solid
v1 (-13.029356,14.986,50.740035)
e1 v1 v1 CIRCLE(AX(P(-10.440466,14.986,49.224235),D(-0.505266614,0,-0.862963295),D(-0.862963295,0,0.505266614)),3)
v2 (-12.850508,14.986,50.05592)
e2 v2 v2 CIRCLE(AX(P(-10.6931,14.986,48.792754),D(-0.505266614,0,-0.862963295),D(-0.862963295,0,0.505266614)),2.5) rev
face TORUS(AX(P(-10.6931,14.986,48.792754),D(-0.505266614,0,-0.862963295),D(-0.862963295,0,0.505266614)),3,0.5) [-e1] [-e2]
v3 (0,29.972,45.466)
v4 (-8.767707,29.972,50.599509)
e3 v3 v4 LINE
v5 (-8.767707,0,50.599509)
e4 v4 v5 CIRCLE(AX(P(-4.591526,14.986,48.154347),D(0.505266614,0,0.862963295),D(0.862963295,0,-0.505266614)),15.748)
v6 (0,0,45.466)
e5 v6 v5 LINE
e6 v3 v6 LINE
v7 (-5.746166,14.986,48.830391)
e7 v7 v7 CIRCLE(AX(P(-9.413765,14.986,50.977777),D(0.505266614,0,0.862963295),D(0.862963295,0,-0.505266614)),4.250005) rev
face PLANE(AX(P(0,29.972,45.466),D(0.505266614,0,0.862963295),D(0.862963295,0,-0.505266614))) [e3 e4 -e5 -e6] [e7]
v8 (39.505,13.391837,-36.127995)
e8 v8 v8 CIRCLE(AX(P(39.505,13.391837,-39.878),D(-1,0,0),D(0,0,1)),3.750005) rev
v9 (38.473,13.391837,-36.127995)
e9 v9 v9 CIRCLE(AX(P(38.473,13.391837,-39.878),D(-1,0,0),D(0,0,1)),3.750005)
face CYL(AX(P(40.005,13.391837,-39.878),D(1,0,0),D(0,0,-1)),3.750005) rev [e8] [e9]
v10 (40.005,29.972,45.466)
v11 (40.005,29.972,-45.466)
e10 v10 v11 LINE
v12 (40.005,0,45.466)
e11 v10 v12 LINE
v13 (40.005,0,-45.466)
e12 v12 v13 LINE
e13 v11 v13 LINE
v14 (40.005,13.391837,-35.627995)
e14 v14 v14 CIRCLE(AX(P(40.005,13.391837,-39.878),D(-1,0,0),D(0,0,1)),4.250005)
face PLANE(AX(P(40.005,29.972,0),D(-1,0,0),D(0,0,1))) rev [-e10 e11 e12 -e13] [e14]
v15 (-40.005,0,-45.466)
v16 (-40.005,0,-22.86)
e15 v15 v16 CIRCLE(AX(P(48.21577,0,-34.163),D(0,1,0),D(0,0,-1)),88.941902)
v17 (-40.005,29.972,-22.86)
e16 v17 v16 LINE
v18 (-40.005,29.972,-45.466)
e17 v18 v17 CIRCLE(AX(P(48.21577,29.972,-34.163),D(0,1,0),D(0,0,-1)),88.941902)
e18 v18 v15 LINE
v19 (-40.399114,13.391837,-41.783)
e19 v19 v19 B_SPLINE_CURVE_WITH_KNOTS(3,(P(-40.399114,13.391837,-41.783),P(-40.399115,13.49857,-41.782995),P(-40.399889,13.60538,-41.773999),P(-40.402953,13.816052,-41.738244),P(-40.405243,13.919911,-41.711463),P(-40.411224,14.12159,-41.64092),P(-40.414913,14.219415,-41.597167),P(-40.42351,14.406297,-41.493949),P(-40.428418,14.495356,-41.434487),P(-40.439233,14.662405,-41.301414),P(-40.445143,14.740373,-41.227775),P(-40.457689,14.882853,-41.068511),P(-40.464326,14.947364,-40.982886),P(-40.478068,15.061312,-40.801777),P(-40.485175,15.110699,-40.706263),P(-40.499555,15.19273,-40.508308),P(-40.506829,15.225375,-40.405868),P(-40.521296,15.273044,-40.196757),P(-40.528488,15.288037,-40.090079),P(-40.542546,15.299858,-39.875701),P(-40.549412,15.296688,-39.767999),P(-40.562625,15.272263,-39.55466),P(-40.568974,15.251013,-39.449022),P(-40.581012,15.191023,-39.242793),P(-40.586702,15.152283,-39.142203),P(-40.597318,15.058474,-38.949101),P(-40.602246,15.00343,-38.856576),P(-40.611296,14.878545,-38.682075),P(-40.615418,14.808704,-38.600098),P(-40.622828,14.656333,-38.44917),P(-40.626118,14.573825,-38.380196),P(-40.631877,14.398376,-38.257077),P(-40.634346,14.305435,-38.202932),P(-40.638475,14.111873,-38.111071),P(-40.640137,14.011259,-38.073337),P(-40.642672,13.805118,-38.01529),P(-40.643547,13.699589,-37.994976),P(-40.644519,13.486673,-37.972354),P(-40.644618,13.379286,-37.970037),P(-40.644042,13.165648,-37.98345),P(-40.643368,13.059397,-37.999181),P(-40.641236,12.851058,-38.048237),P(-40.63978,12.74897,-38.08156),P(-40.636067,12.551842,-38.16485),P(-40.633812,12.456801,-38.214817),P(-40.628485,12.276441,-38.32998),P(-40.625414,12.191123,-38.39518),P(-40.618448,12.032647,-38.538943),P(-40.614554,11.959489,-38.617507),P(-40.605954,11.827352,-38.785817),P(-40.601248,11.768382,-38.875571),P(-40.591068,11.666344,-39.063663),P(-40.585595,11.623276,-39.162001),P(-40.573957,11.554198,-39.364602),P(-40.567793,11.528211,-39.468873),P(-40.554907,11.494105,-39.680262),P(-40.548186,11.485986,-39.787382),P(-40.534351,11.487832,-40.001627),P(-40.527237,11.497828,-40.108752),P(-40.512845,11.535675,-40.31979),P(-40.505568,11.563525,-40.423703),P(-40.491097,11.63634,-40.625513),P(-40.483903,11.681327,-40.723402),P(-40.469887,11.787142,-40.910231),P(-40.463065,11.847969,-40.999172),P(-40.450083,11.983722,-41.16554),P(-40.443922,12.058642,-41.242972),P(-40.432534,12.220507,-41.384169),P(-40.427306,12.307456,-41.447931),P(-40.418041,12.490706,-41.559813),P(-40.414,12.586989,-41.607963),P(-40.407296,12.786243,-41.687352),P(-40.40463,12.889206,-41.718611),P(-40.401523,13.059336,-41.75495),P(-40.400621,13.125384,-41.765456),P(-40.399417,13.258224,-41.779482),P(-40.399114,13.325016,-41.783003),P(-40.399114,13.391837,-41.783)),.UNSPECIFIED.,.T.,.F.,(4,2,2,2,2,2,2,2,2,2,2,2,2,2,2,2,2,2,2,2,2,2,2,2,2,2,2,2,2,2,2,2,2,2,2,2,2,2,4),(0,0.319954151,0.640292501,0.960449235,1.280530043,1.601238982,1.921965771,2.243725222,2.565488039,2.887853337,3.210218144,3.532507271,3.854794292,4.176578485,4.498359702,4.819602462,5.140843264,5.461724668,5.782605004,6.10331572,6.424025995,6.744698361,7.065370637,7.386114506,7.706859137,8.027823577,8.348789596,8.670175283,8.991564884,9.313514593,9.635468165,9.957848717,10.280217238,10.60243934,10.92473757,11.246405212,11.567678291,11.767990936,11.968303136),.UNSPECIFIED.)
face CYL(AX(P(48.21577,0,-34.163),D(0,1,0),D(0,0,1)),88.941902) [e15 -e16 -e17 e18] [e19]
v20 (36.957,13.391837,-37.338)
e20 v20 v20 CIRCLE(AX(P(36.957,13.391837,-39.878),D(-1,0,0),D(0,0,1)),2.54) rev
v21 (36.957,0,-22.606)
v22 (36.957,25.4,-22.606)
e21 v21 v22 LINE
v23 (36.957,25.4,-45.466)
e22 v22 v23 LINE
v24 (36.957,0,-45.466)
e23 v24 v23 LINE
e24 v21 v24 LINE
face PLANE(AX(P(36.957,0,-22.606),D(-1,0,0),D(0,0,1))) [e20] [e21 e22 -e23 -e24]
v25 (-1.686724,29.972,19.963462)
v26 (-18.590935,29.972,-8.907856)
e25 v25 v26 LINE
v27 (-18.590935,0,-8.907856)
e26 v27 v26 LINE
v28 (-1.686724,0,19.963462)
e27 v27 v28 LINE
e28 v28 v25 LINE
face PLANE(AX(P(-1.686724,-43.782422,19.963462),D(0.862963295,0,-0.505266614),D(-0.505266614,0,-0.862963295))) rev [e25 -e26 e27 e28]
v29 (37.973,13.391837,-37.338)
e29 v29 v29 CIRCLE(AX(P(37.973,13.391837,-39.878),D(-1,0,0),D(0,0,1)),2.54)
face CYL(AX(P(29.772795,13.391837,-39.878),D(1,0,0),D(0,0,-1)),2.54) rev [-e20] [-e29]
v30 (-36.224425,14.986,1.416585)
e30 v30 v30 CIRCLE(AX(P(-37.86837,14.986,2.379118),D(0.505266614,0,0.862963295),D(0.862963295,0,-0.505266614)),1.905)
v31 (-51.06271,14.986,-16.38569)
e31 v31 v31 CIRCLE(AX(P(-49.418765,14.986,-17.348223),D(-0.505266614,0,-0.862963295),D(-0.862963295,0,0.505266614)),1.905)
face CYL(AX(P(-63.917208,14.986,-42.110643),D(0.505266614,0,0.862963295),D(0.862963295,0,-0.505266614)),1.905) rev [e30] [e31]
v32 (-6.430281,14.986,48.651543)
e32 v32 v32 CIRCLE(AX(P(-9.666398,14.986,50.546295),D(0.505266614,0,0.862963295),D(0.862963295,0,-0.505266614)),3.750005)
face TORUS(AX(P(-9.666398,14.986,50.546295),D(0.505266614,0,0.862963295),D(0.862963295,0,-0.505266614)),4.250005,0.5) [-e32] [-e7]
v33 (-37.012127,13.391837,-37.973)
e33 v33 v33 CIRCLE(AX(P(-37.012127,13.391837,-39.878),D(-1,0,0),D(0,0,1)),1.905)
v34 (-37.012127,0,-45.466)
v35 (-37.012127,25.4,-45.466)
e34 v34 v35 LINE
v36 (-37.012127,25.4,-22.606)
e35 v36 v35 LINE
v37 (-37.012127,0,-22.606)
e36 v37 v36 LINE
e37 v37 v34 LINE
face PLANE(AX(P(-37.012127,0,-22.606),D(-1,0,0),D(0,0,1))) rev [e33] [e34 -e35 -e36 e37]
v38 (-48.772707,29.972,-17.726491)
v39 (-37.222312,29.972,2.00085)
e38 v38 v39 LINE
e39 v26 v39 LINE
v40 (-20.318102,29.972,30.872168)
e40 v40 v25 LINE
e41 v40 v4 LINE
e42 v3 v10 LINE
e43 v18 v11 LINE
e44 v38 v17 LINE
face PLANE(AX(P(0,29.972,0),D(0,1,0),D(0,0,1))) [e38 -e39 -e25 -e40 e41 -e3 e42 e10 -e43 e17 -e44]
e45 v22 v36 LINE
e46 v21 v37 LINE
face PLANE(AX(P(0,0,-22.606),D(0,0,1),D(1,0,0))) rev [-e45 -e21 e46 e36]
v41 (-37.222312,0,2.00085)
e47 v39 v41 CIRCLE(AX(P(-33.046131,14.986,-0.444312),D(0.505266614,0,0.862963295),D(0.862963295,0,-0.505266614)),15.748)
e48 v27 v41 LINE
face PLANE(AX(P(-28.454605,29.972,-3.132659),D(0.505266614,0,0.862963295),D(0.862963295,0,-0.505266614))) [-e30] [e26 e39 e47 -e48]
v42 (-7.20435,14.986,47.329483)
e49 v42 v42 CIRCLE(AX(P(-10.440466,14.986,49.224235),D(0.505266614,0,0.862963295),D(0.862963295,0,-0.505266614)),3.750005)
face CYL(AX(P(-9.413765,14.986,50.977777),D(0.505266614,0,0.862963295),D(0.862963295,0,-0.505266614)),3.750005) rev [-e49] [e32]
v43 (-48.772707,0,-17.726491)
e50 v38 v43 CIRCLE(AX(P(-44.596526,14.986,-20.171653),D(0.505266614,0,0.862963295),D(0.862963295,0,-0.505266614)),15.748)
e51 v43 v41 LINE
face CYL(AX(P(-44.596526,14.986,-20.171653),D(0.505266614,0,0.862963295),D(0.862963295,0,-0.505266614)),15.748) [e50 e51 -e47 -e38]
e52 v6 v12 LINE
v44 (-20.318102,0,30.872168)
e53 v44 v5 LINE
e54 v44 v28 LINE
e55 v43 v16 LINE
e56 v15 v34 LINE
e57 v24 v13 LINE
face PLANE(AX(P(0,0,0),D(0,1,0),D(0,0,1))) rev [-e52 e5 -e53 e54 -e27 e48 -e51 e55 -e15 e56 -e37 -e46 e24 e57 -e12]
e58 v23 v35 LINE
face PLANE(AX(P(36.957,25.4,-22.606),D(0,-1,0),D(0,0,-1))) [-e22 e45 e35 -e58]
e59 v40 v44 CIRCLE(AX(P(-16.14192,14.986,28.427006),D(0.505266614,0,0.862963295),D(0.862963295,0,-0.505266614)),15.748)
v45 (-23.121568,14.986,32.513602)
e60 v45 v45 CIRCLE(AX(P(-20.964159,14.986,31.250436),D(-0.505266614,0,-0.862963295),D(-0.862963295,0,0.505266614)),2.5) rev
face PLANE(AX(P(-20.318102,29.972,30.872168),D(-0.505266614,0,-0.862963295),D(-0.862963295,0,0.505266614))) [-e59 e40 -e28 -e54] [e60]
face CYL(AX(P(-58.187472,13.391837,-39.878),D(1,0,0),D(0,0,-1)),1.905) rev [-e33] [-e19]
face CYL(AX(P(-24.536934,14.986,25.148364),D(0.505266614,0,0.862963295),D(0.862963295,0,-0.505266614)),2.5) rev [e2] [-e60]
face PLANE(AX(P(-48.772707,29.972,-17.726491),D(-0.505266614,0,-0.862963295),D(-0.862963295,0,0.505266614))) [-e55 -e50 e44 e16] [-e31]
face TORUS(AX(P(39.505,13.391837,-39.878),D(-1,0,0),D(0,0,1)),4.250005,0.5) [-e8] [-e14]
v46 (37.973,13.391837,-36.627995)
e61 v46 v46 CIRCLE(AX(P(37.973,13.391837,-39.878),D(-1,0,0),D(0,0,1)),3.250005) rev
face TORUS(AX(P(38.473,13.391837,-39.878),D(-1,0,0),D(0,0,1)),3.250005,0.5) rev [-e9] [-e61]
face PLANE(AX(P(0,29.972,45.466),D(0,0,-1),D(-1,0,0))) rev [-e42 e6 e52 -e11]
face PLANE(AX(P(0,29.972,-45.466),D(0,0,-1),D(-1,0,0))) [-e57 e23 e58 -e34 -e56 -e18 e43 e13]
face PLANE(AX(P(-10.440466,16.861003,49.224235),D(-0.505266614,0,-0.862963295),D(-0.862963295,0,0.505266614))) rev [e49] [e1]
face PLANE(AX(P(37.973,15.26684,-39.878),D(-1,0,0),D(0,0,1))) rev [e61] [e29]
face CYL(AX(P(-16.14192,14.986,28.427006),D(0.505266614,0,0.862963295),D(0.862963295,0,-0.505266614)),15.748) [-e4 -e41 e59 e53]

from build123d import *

# Parameters (mm, degrees)
BOSS_EXTRUDE2_DEPTH                             = 29.972
EXTRUDE_THIN2_DEPTH                             = 29.972
BOSS_EXTRUDE3_DEPTH                             = 22.86
BOSS_EXTRUDE4_DEPTH                             = 22.86
SKETCH12_R                                      = 1.905
CUT_EXTRUDE2_DEPTH                              = 111.410659875
BOSS_EXTRUDE6_DEPTH                             = 29.972
CBORE_FOR_6_PAN_HEAD_MACHINE_SCREW1_D           = 3.7500052
CBORE_FOR_6_PAN_HEAD_MACHINE_SCREW1_CBORE_D     = 7.5000104
CBORE_FOR_6_PAN_HEAD_MACHINE_SCREW1_CBORE_DEPTH = 2.032
CUT_EXTRUDE4_REACH                              = 107.839
SKETCH18_R                                      = 2.5
FILLET1_R                                       = 0.5
SKETCH19_W                                      = 73.969126852
SKETCH19_H                                      = 25.4
CUT_EXTRUDE5_DEPTH                              = 22.86
CUT_EXTRUDE7_START                              = -80.649491
SKETCH21_R                                      = 1.905
CUT_EXTRUDE7_DEPTH                              = 80.649491
CBORE_FOR_6_PAN_HEAD_MACHINE_SCREW2_D           = 3.7500052
CBORE_FOR_6_PAN_HEAD_MACHINE_SCREW2_CBORE_D     = 7.5000104
CBORE_FOR_6_PAN_HEAD_MACHINE_SCREW2_CBORE_DEPTH = 2.032
SKETCH26_R                                      = 2.54
CUT_EXTRUDE9_DEPTH                              = 3.048
FILLET3_R                                       = 0.5
CUT_EXTRUDE11_DEPTH                             = 29.972


with BuildPart() as part:
    # Sketch1 → Boss-Extrude2 (new body)
    with BuildSketch(Plane(origin=(0, 0, 0), x_dir=(1, 0, 0), z_dir=(0, 1, 0))):
        Polygon((-40.005, 45.466), (-40.005, 22.86), (0, -45.466), (40.005, -45.466), (40.005, 45.466), align=None)
    extrude(amount=BOSS_EXTRUDE2_DEPTH)

    # Sketch8 → Extrude-Thin2 (add)
    with BuildSketch(Plane(origin=(0, 0, 0), x_dir=(1, 0, 0), z_dir=(0, 1, 0))):
        Polygon((-40.005, 22.86), (-28.454605215, 3.132659066), (-37.222312297, -2.000849727), (-48.772707082, 17.726491207), align=None)
        Polygon((-11.550394785, -25.738659066), (0, -45.466), (-8.767707082, -50.599508793), (-20.318101866, -30.872167859), align=None)
    extrude(amount=EXTRUDE_THIN2_DEPTH)

    # Sketch10 → Boss-Extrude3 (add)
    with BuildSketch(Plane(origin=(19.824382752, 0, 33.85878705), x_dir=(0.862963295, 0, -0.505266614), z_dir=(0.505266614, 0, 0.862963295))):
        with BuildLine():
            Line((-33.132451849, 29.972), (-33.132451849, 0))
            ThreePointArc((-33.132451849, 0), (-44.041101893, 14.986), (-33.132451849, 29.972))
        make_face()
    extrude(amount=-BOSS_EXTRUDE3_DEPTH)

    # Sketch11 → Boss-Extrude4 (add)
    with BuildSketch(Plane(origin=(-8.630222463, 0, -14.739872016), x_dir=(0.862963295, 0, -0.505266614), z_dir=(0.505266614, 0, 0.862963295))):
        with BuildLine():
            Line((-33.132451849, 0), (-33.132451849, 29.972))
            ThreePointArc((-33.132451849, 29.972), (-44.041101893, 14.986), (-33.132451849, 0))
        make_face()
    extrude(amount=-BOSS_EXTRUDE4_DEPTH)

    # Sketch12 → Cut-Extrude2 (cut, through all)
    with BuildSketch(Plane(origin=(21.107759951, 0, 36.050713821), x_dir=(0.862963295, 0, -0.505266614), z_dir=(0.505266614, 0, 0.862963295))):
        with Locations((-33.881101893, 14.986)):
            Circle(SKETCH12_R)
    extrude(amount=-CUT_EXTRUDE2_DEPTH, mode=Mode.SUBTRACT)

    # Sketch15 → Boss-Extrude6 (add)
    with BuildSketch(Plane(origin=(0, 29.972, 0), x_dir=(1, 0, 0), z_dir=(0, 1, 0))):
        with BuildLine():
            Line((-40.005, 45.466), (-40.005, 22.86))
            ThreePointArc((-40.005, 22.86), (-40.726132774, 34.163), (-40.005, 45.466))
        make_face()
    extrude(amount=-BOSS_EXTRUDE6_DEPTH)

    # CBORE for #6 Pan Head Machine Screw1 (through all)
    with Locations(Plane(origin=(19.824382752, 0, 33.85878705), x_dir=(0.862963295, 0, -0.505266614), z_dir=(0.505266614, 0, 0.862963295))):
        with Locations((-33.881101893, 14.986)):
            CounterBoreHole(CBORE_FOR_6_PAN_HEAD_MACHINE_SCREW1_D / 2, CBORE_FOR_6_PAN_HEAD_MACHINE_SCREW1_CBORE_D / 2, CBORE_FOR_6_PAN_HEAD_MACHINE_SCREW1_CBORE_DEPTH)

    # Sketch18 → Cut-Extrude4 (cut, up to next)
    with BuildSketch(Plane(origin=(18.797680994, 0, 32.105245634), x_dir=(0.862963295, 0, -0.505266614), z_dir=(0.505266614, 0, 0.862963295)), mode=Mode.PRIVATE) as cut_extrude4_sk1:
        with Locations((-33.881101893, 14.986)):
            Circle(SKETCH18_R)
    cut_extrude4_tool1 = extrude(cut_extrude4_sk1.sketch, amount=-CUT_EXTRUDE4_REACH, mode=Mode.PRIVATE) & part.part
    add(cut_extrude4_tool1.solids().sort_by_distance((-10.440466, 14.986, 49.224235))[0], mode=Mode.SUBTRACT)

    # Fillet1
    fillet1_edges = [part.edges().sort_by_distance(p)[0] for p in [
        (-12.649881436, 14.986, 52.872529093),
        (-12.597874588, 14.986, 50.487401783),
    ]]
    fillet(fillet1_edges, radius=FILLET1_R)

    # Sketch19 → Cut-Extrude5 (cut)
    with BuildSketch(Plane(origin=(0, 0, -45.466), x_dir=(-1, 0, 0), z_dir=(0, 0, -1))):
        with Locations((0.027563426, 12.7)):
            Rectangle(SKETCH19_W, SKETCH19_H)
    extrude(amount=-CUT_EXTRUDE5_DEPTH, mode=Mode.SUBTRACT)

    # Sketch21 → Cut-Extrude7 (cut)
    with BuildSketch(Plane(origin=(40.005, 0, 0), x_dir=(0, 0, -1), z_dir=(1, 0, 0)).offset(CUT_EXTRUDE7_START)):
        with Locations((39.878, 13.391837379)):
            Circle(SKETCH21_R)
    extrude(amount=CUT_EXTRUDE7_DEPTH, mode=Mode.SUBTRACT)

    # CBORE for #6 Pan Head Machine Screw2 (through all)
    with Locations(Plane(origin=(40.005, 0, 0), x_dir=(0, 0, -1), z_dir=(1, 0, 0))):
        with Locations((39.878, 13.391837379)):
            CounterBoreHole(CBORE_FOR_6_PAN_HEAD_MACHINE_SCREW2_D / 2, CBORE_FOR_6_PAN_HEAD_MACHINE_SCREW2_CBORE_D / 2, CBORE_FOR_6_PAN_HEAD_MACHINE_SCREW2_CBORE_DEPTH)

    # Sketch26 → Cut-Extrude9 (cut)
    with BuildSketch(Plane(origin=(40.005, 0, 0), x_dir=(0, 0, -1), z_dir=(1, 0, 0))):
        with Locations(Location((39.878, 13.391837379, 0), (0, 0, 180))):  # turned: the seam where the file's is
            Circle(SKETCH26_R)
    extrude(amount=-CUT_EXTRUDE9_DEPTH, mode=Mode.SUBTRACT)

    # Fillet3
    fillet3_edges = [part.edges().sort_by_distance(p)[0] for p in [
        (40.005, 13.391837379, -36.1279948),
        (37.973, 13.391837379, -36.1279948),
    ]]
    fillet(fillet3_edges, radius=FILLET3_R)

    # Sketch28 → Cut-Extrude11 (cut)
    with BuildSketch(Plane(origin=(0, 29.972, 0), x_dir=(1, 0, 0), z_dir=(0, 1, 0))):
        Polygon((-11.550394785, -25.738659066), (-1.686724318, -19.963461674), (-18.590934748, 8.907856459), (-28.454605215, 3.132659066), align=None)
    extrude(amount=-CUT_EXTRUDE11_DEPTH, mode=Mode.SUBTRACT)


solid = part.part
